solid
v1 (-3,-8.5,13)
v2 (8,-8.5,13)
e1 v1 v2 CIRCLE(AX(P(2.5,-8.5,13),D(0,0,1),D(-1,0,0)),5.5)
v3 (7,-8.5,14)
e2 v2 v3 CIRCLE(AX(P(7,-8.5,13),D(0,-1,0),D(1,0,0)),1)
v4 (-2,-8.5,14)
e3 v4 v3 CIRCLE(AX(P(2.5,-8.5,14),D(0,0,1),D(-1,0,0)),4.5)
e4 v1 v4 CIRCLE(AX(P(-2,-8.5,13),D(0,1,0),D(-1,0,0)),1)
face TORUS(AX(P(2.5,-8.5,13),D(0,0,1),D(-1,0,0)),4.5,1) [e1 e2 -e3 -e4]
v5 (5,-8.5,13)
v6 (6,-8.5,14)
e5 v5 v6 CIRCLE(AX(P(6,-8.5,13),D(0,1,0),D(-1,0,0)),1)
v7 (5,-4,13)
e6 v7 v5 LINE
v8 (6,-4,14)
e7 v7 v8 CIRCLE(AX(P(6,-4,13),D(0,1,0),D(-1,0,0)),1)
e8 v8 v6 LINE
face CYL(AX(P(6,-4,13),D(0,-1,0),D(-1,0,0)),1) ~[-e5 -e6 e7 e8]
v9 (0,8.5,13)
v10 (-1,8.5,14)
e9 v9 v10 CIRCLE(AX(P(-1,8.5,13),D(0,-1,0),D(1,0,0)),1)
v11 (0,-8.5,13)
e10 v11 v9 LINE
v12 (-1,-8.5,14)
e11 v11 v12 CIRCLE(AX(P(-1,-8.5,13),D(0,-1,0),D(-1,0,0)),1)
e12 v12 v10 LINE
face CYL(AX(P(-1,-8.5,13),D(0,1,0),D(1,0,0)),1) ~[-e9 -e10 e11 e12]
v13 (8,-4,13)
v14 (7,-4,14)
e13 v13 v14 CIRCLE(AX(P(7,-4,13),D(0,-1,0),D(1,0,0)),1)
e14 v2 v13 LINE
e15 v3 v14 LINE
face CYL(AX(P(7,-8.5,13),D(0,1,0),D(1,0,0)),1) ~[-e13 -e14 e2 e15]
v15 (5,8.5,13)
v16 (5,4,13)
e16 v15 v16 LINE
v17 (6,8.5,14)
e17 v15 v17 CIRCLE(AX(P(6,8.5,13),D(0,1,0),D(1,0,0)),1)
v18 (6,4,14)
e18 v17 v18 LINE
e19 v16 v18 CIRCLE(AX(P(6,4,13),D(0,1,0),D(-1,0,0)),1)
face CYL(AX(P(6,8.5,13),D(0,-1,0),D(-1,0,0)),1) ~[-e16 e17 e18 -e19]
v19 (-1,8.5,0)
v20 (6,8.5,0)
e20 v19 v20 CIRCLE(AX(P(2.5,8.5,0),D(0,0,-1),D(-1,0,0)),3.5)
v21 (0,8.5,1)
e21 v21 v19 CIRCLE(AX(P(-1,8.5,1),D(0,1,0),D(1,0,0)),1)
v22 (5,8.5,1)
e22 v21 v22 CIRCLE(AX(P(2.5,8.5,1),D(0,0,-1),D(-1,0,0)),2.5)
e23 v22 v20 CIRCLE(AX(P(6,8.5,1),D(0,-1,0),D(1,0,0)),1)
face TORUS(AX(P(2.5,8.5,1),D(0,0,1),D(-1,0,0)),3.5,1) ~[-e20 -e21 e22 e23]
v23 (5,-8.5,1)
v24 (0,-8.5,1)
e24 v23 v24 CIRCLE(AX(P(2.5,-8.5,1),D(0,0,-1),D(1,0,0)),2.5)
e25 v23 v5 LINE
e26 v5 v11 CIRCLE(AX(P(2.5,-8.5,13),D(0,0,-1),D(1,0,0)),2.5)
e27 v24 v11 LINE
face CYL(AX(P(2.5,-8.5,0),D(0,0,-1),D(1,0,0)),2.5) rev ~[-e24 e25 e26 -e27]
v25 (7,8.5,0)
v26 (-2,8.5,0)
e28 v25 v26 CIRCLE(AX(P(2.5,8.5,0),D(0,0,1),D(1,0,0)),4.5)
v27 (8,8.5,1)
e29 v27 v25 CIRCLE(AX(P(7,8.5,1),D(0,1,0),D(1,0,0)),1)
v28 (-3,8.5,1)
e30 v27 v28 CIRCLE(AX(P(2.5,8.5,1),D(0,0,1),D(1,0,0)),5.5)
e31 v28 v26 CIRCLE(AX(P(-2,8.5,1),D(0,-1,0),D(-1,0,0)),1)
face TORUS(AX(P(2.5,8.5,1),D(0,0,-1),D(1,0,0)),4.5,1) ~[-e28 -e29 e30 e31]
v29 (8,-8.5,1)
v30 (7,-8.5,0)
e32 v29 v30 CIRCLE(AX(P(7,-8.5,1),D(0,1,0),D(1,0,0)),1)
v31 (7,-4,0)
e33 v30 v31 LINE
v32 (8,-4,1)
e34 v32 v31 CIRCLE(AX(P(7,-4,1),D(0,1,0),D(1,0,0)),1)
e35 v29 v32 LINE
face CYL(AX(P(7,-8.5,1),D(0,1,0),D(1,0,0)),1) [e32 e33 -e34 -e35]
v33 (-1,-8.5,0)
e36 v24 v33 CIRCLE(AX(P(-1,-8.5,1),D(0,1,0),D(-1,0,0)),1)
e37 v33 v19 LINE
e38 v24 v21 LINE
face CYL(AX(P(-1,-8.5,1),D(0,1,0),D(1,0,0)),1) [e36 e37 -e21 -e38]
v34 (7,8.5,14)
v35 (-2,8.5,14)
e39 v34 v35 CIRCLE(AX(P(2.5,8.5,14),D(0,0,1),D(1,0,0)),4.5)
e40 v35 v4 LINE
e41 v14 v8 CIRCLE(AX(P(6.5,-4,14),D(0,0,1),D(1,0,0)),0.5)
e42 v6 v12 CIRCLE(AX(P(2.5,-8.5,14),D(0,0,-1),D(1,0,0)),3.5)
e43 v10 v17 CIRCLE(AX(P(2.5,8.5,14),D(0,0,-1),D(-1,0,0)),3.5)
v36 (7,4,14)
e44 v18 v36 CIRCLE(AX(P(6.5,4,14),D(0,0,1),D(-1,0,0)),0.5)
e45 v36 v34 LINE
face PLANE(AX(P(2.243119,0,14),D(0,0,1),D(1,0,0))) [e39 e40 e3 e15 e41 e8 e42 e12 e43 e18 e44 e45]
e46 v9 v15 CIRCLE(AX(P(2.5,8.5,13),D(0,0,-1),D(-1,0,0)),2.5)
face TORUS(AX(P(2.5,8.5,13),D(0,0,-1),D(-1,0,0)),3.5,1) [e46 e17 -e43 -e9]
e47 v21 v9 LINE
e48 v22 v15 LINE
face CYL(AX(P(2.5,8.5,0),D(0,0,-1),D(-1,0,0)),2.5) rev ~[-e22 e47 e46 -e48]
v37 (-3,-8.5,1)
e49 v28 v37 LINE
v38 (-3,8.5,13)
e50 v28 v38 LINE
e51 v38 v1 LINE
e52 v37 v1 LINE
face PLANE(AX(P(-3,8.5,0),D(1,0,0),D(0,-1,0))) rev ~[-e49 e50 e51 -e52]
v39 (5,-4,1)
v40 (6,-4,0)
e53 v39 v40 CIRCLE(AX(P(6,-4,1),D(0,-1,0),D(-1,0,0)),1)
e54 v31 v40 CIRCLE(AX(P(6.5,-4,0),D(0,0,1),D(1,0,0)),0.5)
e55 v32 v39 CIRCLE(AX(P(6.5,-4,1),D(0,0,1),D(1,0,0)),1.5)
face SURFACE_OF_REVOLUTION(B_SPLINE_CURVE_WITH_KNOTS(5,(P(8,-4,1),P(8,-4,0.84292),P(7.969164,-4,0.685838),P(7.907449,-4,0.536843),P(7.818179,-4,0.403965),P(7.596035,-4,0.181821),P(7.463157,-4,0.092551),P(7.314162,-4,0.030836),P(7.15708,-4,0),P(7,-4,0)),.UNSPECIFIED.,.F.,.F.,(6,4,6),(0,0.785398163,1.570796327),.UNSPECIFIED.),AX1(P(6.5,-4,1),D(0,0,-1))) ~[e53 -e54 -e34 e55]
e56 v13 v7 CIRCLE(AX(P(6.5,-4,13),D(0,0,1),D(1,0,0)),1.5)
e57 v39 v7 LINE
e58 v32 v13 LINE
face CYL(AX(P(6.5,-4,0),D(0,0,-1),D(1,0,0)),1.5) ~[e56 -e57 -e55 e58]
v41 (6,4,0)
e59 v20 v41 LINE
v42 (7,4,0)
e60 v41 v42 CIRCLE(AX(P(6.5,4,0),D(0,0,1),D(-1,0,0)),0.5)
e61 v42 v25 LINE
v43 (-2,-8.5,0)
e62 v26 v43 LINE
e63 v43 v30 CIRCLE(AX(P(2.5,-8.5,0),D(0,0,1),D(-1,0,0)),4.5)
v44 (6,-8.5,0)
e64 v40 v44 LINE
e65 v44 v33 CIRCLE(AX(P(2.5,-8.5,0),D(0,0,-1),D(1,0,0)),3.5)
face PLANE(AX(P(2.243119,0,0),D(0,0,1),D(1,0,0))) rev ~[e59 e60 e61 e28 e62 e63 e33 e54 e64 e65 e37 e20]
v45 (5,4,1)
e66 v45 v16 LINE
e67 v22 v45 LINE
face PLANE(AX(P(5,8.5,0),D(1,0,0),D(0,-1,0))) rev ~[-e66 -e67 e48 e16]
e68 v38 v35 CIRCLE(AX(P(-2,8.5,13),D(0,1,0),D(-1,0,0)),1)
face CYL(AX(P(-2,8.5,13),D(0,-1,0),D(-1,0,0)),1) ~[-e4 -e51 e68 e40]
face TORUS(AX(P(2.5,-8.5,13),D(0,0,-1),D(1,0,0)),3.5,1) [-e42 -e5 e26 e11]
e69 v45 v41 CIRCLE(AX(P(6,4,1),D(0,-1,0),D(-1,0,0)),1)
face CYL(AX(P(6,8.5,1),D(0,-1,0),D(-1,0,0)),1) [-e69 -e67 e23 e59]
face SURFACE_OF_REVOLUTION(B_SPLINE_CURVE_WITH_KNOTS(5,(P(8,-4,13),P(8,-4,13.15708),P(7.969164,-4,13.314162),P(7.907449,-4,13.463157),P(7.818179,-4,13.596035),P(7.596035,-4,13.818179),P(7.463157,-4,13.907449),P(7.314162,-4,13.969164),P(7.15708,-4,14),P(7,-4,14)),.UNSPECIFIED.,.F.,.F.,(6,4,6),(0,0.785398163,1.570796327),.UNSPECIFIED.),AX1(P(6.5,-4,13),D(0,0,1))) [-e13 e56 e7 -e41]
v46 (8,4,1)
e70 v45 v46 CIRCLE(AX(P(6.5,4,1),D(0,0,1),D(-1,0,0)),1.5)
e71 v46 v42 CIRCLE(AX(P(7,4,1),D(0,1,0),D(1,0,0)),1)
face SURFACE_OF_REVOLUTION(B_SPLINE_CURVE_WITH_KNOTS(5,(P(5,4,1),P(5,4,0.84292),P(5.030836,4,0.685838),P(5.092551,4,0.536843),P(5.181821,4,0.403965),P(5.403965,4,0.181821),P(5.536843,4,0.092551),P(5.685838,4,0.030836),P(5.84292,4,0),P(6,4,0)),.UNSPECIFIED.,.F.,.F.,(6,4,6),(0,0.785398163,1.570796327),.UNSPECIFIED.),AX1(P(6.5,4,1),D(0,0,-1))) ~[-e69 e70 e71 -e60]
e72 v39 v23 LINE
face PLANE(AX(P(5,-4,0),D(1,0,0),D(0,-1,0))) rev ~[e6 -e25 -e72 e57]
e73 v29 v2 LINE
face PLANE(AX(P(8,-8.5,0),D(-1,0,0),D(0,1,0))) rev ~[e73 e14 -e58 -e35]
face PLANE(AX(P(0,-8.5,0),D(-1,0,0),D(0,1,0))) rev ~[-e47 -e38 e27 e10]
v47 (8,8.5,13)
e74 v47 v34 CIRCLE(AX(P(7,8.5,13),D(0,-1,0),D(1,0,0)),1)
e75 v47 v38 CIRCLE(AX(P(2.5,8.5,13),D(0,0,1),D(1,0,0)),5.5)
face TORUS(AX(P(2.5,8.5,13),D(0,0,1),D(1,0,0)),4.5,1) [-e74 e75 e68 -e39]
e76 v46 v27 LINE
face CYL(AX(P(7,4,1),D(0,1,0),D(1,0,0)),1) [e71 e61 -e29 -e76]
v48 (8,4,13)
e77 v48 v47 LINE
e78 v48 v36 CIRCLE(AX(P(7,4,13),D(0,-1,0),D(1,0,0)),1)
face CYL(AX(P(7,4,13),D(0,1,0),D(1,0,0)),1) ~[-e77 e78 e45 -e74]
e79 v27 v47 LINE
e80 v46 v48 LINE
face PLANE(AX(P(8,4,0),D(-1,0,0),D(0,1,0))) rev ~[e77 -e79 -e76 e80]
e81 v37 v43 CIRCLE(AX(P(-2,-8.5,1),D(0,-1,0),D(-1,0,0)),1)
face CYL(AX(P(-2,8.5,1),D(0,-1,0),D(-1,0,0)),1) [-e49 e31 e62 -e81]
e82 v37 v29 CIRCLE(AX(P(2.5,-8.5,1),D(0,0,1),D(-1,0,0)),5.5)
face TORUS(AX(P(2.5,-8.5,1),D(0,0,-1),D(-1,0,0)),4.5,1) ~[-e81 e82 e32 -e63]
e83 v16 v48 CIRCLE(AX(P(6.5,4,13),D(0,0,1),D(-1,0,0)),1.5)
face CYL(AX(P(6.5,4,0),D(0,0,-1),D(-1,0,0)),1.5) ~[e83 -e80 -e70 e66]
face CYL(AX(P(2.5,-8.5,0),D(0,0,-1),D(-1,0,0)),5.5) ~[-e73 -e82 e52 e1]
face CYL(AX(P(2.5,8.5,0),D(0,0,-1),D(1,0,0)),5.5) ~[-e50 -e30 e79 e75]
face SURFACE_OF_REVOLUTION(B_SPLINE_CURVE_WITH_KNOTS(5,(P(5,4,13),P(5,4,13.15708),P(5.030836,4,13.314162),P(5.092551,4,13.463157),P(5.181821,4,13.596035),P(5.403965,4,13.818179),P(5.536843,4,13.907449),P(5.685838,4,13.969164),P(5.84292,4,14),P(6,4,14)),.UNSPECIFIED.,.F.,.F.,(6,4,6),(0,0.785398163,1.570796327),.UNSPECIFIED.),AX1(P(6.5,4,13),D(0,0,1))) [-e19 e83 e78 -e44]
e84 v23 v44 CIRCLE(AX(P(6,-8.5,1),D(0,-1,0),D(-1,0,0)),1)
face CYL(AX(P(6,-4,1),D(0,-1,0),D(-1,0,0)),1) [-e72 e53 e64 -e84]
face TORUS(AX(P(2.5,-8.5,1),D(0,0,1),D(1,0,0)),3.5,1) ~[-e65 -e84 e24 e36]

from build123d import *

# Parameters (mm, degrees)
F1_DEPTH = 14
F2_R     = 1


with BuildPart() as f1:
    # F0 (on Top) → F1 (new body)
    with BuildSketch(Plane.XY):
        with BuildLine():
            Line((0, -8.5), (0, 0))
            Line((0, 0), (0, 8.5))
            ThreePointArc((0, 8.5), (2.5, 11), (5, 8.5))
            Line((5, 8.5), (5, 4))
            ThreePointArc((5, 4), (6.5, 2.5), (8, 4))
            Line((8, 4), (8, 8.5))
            ThreePointArc((8, 8.5), (2.5, 14), (-3, 8.5))
            Line((-3, 8.5), (-3, 0))
            Line((-3, 0), (-3, -8.5))
            ThreePointArc((-3, -8.5), (2.5, -14), (8, -8.5))
            Line((8, -8.5), (8, -4))
            ThreePointArc((8, -4), (6.5, -2.5), (5, -4))
            Line((5, -4), (5, -8.5))
            ThreePointArc((5, -8.5), (2.5, -11), (0, -8.5))
        make_face()
    extrude(amount=F1_DEPTH)

    # F2
    f2_edges = [f1.edges().sort_by_distance(p)[0] for p in [
        (2.5, -14, 14),
        (8, -6.25, 14),
        (6.5, -2.5, 14),
        (5, -6.25, 14),
        (2.5, -11, 14),
        (0, 0, 14),
        (2.5, 11, 14),
        (5, 6.25, 14),
        (6.5, 2.5, 14),
        (8, 6.25, 14),
        (2.5, 14, 14),
        (-3, 0, 14),
        (2.5, -14, 0),
        (8, -6.25, 0),
        (6.5, -2.5, 0),
        (5, -6.25, 0),
        (2.5, -11, 0),
        (0, 0, 0),
        (2.5, 11, 0),
        (5, 6.25, 0),
        (6.5, 2.5, 0),
        (8, 6.25, 0),
        (2.5, 14, 0),
        (-3, 0, 0),
    ]]
    fillet(f2_edges, radius=F2_R)


solid = f1.part
